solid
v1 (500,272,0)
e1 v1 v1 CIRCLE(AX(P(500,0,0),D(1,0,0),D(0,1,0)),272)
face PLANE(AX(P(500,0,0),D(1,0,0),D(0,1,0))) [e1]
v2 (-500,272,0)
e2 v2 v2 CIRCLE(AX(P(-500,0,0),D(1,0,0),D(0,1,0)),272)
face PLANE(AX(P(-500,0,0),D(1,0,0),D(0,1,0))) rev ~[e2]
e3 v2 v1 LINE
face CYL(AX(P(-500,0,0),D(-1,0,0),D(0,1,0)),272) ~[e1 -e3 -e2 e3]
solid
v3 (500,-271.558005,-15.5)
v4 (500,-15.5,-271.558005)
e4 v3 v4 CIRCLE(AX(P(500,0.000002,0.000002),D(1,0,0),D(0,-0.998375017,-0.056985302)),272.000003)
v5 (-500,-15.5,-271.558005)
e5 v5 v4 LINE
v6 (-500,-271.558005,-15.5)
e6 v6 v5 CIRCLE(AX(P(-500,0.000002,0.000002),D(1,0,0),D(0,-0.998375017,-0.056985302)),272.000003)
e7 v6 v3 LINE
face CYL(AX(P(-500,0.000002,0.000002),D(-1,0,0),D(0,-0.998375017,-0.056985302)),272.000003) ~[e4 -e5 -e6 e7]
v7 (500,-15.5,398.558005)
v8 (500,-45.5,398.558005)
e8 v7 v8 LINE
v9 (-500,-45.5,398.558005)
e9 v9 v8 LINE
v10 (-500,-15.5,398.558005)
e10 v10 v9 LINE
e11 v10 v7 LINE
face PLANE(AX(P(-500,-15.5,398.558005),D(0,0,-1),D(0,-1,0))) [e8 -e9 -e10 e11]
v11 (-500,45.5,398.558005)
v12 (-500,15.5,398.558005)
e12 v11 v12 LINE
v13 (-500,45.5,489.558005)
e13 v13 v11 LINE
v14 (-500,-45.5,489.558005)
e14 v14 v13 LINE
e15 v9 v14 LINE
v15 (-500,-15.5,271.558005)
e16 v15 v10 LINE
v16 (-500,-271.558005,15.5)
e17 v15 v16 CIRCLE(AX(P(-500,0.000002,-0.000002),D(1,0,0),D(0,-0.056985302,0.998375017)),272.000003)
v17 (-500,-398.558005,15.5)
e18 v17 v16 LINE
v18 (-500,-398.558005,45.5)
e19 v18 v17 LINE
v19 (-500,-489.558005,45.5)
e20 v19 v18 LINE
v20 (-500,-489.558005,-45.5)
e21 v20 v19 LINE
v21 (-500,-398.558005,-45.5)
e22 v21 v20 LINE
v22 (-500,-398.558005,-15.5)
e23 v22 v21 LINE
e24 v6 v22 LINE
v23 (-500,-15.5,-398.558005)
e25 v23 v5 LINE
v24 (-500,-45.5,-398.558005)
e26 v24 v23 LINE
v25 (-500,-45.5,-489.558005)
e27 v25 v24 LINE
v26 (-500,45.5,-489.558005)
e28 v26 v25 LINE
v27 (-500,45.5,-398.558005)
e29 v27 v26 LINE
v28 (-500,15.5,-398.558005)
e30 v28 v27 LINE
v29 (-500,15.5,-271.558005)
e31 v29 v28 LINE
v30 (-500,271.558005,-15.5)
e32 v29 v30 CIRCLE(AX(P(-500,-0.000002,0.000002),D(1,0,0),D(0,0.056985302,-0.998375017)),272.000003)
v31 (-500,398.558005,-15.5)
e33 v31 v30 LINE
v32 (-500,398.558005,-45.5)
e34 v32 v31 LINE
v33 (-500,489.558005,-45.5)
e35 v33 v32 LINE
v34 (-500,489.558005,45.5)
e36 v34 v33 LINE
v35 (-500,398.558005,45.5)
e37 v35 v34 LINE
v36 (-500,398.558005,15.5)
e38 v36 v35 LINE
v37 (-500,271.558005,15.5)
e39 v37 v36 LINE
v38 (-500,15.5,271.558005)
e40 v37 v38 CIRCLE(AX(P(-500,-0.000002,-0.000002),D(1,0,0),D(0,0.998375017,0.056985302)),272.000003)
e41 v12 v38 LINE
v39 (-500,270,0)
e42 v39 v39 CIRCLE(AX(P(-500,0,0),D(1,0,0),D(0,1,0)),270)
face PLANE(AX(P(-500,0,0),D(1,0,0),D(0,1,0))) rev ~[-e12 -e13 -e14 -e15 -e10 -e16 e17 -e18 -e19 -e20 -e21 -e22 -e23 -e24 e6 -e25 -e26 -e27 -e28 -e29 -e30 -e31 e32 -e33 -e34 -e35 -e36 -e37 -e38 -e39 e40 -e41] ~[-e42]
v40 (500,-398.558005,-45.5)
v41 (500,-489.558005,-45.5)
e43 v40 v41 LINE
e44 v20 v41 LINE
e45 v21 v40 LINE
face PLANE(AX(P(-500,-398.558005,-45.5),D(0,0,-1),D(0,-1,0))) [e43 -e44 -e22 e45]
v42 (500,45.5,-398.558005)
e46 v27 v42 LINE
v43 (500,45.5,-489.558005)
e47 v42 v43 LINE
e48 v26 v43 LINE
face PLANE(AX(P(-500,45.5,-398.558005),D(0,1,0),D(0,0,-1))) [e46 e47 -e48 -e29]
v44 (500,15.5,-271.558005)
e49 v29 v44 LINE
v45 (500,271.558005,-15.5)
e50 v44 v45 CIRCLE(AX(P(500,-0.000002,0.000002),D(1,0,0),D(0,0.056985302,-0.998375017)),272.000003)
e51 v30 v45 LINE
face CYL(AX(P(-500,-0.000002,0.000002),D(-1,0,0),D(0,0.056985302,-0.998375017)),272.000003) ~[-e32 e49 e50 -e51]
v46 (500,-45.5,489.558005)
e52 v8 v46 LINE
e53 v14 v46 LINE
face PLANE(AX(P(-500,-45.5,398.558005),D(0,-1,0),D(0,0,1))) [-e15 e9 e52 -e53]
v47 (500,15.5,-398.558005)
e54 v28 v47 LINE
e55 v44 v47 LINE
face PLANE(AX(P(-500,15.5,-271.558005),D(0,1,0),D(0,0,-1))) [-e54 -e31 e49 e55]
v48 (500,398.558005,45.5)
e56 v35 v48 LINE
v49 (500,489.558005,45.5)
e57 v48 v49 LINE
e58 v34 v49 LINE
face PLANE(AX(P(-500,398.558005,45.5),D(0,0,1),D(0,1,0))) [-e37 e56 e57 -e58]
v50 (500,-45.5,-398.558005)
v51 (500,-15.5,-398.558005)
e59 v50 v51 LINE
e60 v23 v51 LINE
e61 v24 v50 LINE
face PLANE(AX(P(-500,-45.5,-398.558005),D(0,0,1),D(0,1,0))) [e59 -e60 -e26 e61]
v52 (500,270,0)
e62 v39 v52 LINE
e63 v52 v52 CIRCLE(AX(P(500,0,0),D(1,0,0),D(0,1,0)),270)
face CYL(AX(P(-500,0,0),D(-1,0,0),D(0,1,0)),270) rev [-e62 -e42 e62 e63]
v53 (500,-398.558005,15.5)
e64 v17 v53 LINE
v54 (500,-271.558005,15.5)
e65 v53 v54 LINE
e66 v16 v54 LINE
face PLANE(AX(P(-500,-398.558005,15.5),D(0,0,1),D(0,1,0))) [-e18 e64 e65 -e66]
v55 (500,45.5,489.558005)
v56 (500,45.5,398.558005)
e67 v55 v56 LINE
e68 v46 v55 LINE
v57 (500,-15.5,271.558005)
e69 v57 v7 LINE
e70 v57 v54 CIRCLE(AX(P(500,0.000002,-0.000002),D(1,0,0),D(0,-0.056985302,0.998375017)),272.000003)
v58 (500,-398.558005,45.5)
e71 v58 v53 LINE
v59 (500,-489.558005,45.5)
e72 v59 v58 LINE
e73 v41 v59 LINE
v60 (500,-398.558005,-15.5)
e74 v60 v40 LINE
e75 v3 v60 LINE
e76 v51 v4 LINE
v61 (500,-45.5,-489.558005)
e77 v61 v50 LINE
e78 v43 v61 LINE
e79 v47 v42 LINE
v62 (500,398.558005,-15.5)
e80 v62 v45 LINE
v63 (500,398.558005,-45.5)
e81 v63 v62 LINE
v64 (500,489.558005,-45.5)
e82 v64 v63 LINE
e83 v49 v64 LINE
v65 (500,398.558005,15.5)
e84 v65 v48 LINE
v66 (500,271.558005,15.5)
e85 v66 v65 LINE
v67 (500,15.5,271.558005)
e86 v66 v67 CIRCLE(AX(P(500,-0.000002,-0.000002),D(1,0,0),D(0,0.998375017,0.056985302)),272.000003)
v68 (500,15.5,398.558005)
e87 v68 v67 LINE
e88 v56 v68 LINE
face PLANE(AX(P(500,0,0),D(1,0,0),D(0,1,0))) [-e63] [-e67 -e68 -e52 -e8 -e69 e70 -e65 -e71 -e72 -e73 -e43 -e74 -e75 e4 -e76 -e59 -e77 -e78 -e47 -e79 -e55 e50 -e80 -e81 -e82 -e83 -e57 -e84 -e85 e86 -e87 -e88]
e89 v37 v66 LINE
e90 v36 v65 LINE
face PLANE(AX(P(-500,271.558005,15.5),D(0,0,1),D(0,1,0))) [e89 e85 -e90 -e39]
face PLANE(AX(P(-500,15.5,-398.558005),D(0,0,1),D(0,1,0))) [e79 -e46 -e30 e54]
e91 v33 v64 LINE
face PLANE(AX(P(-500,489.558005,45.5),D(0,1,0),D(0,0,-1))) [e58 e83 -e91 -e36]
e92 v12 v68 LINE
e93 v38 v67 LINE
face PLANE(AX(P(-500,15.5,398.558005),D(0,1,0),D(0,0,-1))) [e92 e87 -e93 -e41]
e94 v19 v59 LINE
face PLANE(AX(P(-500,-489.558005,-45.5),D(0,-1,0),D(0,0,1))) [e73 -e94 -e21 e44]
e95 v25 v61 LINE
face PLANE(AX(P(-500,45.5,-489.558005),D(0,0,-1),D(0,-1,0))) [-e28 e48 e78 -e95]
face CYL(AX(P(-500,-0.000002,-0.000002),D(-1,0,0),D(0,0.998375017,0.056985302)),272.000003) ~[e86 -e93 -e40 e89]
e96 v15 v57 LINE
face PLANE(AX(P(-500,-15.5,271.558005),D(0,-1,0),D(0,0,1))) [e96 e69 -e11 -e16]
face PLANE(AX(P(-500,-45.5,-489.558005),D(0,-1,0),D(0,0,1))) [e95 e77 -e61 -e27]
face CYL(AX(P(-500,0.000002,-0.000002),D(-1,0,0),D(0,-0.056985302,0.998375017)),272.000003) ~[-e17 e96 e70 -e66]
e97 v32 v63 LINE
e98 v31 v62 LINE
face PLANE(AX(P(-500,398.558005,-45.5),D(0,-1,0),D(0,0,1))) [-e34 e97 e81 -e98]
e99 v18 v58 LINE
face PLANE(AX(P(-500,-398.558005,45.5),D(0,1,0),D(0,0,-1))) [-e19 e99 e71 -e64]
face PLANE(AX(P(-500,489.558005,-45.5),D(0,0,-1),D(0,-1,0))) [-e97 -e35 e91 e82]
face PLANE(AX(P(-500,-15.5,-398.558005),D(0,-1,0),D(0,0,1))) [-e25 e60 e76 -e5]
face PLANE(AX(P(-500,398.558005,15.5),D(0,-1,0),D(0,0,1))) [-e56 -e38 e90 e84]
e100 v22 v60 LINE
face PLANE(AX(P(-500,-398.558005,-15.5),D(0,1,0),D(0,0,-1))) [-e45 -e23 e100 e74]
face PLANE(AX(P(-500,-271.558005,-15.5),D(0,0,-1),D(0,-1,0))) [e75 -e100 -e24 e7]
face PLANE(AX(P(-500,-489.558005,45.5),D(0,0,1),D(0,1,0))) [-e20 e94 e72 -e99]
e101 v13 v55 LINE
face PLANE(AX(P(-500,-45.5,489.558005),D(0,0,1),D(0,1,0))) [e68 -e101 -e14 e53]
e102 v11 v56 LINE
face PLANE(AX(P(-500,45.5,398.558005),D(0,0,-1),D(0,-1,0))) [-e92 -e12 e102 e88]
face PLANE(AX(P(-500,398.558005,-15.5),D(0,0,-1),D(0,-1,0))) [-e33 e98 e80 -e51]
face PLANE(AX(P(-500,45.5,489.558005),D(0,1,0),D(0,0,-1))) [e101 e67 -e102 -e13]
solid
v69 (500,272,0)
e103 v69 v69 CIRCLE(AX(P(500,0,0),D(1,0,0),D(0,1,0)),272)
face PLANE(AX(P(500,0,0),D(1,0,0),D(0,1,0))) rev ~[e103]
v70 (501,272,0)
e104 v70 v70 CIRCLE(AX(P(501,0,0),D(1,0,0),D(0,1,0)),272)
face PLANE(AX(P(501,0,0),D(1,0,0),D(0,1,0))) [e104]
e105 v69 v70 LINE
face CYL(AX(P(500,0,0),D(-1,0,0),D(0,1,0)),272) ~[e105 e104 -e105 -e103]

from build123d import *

# Parameters (mm, degrees)
SKETCH001_R  = 272
PAD_DEPTH    = 1000
SKETCH002_R  = 272
PAD001_DEPTH = 1
SKETCH_R     = 270
PAD002_DEPTH = 1000


with BuildPart() as pad:
    # Sketch001 → Pad (new body)
    with BuildSketch(Plane.YZ.offset(-500)):
        Circle(SKETCH001_R)
    extrude(amount=PAD_DEPTH)


with BuildPart() as rotor_face02:
    # Sketch002 → Pad001 (new body)
    with BuildSketch(Plane.YZ.offset(500)):
        Circle(SKETCH002_R)
    extrude(amount=PAD001_DEPTH)


with BuildPart() as rotot_with_hammer:
    # Sketch → Pad002 (new body)
    with BuildSketch(Plane.YZ.offset(-500)):
        with BuildLine():
            ThreePointArc((-15.5, 271.558005), (-192.333044, 192.333044), (-271.558005, 15.5))
            Line((-398.558005, 15.5), (-271.558005, 15.5))
            Line((-398.558005, 45.5), (-398.558005, 15.5))
            Line((-489.558005, 45.5), (-398.558005, 45.5))
            Line((-489.558005, -45.5), (-489.558005, 45.5))
            Line((-398.558005, -45.5), (-489.558005, -45.5))
            Line((-398.558005, -15.5), (-398.558005, -45.5))
            Line((-271.558005, -15.5), (-398.558005, -15.5))
            ThreePointArc((-271.558005, -15.5), (-192.333044, -192.333044), (-15.5, -271.558005))
            Line((-15.5, -398.558005), (-15.5, -271.558005))
            Line((-45.5, -398.558005), (-15.5, -398.558005))
            Line((-45.5, -489.558005), (-45.5, -398.558005))
            Line((45.5, -489.558005), (-45.5, -489.558005))
            Line((45.5, -398.558005), (45.5, -489.558005))
            Line((15.5, -398.558005), (45.5, -398.558005))
            Line((15.5, -271.558005), (15.5, -398.558005))
            ThreePointArc((15.5, -271.558005), (192.333044, -192.333044), (271.558005, -15.5))
            Line((398.558005, -15.5), (271.558005, -15.5))
            Line((398.558005, -45.5), (398.558005, -15.5))
            Line((489.558005, -45.5), (398.558005, -45.5))
            Line((489.558005, 45.5), (489.558005, -45.5))
            Line((398.558005, 45.5), (489.558005, 45.5))
            Line((398.558005, 15.5), (398.558005, 45.5))
            Line((271.558005, 15.5), (398.558005, 15.5))
            ThreePointArc((271.558005, 15.5), (192.333044, 192.333044), (15.5, 271.558005))
            Line((15.5, 398.558005), (15.5, 271.558005))
            Line((45.5, 398.558005), (15.5, 398.558005))
            Line((45.5, 489.558005), (45.5, 398.558005))
            Line((-45.5, 489.558005), (45.5, 489.558005))
            Line((-45.5, 398.558005), (-45.5, 489.558005))
            Line((-15.5, 398.558005), (-45.5, 398.558005))
            Line((-15.5, 271.558005), (-15.5, 398.558005))
        make_face()
        Circle(SKETCH_R, mode=Mode.SUBTRACT)
    extrude(amount=PAD002_DEPTH)


solid = Compound([pad.part, rotor_face02.part, rotot_with_hammer.part])
